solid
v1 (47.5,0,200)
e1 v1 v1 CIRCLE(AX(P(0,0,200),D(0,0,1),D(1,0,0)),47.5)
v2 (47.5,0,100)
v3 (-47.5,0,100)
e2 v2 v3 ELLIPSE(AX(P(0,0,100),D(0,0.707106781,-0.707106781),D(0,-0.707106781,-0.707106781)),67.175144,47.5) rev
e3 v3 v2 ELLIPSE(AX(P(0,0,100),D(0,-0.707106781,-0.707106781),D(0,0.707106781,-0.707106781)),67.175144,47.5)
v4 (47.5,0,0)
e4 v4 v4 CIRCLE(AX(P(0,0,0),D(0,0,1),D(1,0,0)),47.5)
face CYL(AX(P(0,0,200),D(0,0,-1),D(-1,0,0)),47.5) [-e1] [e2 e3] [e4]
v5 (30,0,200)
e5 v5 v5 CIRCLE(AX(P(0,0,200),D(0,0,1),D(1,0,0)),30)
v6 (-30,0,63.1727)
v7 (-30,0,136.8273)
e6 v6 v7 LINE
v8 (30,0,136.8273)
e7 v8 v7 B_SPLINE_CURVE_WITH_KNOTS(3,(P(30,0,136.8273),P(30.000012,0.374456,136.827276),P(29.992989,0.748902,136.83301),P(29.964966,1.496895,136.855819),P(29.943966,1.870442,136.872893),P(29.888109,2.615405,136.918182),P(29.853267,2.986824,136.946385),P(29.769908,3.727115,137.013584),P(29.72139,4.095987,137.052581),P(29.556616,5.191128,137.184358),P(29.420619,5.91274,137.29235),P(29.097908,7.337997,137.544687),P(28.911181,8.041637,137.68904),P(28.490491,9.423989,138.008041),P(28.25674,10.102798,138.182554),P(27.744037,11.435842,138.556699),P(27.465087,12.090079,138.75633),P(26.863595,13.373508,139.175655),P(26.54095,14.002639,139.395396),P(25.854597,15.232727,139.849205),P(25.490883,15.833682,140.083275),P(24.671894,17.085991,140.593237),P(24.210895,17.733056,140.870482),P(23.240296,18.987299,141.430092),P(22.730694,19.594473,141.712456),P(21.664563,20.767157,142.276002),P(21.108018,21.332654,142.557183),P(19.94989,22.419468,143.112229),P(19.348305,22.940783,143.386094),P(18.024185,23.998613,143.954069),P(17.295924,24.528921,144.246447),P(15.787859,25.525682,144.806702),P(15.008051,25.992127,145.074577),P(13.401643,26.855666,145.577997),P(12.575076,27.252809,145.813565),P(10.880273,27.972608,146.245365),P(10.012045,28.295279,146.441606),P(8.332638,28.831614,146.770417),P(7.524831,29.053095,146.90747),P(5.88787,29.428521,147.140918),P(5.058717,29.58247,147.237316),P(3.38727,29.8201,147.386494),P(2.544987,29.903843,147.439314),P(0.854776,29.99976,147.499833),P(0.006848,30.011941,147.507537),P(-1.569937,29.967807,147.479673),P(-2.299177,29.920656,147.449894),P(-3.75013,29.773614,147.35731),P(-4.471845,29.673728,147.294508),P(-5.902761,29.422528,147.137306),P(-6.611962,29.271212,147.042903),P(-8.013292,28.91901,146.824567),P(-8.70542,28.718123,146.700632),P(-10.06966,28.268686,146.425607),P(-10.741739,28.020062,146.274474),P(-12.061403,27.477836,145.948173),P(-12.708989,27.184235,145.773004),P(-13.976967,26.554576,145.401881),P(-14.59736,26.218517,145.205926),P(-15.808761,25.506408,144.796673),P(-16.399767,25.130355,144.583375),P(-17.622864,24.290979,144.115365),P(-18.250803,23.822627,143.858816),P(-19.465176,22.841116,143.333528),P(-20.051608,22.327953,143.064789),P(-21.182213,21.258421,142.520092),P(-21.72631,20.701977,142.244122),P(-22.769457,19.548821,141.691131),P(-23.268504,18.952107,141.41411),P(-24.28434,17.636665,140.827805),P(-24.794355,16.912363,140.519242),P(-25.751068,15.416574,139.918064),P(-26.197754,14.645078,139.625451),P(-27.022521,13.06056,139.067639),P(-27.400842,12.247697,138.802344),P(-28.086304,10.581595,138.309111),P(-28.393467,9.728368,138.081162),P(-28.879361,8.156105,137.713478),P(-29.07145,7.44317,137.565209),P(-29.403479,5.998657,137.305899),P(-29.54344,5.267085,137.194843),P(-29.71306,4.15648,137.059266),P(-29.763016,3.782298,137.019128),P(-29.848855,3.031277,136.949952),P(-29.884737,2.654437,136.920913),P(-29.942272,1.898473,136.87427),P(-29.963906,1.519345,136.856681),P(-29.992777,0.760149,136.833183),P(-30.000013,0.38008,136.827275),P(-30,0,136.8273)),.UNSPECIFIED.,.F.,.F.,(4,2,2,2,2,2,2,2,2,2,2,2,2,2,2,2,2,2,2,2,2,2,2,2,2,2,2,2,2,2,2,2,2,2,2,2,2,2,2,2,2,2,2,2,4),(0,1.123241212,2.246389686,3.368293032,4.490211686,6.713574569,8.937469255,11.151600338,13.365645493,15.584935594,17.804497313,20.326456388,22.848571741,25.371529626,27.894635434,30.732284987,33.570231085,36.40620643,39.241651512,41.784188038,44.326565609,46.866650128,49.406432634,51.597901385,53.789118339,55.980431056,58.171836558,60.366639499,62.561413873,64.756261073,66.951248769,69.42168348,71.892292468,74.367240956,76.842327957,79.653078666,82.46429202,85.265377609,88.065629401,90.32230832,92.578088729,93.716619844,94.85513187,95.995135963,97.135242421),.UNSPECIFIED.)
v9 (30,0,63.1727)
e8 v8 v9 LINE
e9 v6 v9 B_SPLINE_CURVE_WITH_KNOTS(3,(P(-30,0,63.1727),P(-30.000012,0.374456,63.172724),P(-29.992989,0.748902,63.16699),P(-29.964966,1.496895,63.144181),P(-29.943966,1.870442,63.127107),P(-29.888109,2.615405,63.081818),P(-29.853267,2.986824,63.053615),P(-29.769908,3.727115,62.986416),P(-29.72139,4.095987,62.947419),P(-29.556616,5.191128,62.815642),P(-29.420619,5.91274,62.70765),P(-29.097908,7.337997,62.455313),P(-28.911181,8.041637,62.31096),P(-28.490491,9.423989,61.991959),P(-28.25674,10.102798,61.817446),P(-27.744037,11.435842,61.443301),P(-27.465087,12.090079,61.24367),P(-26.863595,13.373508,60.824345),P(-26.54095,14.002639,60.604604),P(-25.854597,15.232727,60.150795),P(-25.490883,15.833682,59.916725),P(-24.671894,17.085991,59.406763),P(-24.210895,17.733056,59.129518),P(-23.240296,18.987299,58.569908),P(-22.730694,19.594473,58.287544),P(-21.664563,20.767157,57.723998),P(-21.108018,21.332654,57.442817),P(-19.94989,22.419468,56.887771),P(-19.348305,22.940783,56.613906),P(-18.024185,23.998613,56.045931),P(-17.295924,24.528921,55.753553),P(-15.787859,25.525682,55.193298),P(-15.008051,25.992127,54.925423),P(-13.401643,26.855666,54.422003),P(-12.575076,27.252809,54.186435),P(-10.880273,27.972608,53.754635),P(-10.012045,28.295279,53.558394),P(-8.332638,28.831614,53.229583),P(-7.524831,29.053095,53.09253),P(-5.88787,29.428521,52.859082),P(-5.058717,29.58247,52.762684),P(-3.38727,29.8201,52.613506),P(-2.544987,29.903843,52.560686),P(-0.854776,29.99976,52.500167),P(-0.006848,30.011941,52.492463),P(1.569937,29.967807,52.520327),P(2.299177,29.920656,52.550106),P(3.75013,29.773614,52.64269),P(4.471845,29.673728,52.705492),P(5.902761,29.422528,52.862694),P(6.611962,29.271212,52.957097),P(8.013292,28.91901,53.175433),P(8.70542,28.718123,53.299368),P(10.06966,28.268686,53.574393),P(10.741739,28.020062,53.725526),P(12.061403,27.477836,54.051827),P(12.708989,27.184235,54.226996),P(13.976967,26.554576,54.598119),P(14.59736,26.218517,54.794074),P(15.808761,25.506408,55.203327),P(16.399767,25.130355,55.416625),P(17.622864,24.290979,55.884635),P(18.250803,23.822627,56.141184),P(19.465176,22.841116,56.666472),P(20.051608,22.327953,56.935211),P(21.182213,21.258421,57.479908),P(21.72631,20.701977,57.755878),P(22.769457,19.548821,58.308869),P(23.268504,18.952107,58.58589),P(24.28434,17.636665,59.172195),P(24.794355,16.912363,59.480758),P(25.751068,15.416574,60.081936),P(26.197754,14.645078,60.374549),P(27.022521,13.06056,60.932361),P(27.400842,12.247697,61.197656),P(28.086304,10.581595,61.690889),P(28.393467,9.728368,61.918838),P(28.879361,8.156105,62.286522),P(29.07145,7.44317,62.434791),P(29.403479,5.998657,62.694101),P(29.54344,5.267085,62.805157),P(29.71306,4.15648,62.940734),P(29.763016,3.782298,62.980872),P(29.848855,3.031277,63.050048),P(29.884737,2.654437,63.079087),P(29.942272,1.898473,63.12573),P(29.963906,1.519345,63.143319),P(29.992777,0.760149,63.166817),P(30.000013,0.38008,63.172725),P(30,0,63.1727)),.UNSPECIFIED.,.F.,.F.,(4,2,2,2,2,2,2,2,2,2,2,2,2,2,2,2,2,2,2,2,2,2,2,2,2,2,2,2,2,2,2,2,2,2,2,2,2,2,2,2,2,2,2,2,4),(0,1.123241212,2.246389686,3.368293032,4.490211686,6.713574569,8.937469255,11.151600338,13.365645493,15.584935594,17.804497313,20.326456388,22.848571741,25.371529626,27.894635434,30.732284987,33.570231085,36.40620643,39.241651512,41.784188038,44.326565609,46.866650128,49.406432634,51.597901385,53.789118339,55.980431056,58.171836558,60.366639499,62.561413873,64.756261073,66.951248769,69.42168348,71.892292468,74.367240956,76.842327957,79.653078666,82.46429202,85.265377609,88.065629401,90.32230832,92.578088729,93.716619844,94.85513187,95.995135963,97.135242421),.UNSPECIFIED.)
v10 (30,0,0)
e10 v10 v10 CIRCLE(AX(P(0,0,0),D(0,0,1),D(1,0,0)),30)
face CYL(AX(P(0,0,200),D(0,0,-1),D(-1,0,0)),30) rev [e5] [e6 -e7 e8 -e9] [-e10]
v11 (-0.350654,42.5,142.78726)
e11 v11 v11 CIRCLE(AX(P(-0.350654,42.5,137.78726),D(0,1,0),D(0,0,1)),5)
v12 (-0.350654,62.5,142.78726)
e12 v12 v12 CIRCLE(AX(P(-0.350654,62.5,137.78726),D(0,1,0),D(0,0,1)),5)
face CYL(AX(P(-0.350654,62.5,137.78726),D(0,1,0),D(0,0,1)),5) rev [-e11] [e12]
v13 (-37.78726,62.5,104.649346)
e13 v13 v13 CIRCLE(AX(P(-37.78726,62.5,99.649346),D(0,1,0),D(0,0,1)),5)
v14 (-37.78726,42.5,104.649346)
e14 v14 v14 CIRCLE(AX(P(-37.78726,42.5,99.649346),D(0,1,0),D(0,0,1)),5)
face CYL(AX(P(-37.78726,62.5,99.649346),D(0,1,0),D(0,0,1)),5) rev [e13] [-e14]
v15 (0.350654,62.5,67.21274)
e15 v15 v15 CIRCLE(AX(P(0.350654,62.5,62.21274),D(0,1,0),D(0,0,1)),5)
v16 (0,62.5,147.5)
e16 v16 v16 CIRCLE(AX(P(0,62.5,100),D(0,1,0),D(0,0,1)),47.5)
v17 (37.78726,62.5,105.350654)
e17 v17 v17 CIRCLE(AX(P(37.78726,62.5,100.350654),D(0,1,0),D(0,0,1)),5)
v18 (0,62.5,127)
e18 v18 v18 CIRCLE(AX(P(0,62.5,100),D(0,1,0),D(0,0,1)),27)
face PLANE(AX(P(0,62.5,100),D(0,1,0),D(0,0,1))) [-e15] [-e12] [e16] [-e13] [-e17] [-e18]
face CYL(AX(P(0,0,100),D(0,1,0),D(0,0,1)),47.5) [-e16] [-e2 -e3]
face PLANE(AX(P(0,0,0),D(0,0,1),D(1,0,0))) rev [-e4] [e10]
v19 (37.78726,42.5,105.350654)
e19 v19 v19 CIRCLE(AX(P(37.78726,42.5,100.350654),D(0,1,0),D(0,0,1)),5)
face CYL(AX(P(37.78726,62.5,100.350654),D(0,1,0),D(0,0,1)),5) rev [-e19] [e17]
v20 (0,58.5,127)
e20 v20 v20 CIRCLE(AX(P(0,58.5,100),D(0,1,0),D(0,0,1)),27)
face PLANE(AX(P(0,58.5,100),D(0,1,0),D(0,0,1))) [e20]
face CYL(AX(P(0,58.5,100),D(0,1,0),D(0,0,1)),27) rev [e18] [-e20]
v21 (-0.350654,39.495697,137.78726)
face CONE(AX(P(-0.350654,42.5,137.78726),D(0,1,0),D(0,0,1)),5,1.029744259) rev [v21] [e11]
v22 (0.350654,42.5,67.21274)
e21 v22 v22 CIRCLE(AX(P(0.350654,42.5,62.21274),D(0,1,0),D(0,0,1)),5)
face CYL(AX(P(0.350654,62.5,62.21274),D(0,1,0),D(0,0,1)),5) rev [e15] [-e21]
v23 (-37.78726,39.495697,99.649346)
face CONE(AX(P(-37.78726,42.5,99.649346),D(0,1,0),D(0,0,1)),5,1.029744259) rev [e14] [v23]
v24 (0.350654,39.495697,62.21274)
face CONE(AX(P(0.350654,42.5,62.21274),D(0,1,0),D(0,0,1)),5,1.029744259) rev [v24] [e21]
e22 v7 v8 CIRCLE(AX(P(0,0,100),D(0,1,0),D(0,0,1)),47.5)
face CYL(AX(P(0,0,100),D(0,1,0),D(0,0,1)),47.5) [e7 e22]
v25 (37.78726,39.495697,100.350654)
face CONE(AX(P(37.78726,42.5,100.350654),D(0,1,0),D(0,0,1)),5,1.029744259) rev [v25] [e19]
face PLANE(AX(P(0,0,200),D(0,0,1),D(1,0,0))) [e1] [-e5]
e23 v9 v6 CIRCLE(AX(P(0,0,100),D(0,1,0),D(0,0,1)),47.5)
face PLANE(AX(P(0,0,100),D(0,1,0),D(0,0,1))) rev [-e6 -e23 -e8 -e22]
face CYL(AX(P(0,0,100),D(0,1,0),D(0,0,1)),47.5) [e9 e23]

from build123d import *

# Parameters (mm, degrees)
SKETCH1_R           = 47.5
SKETCH1_R_2         = 30
BOSS_EXTRUDE1_DEPTH = 200
SKETCH2_R           = 47.5
BOSS_EXTRUDE2_DEPTH = 62.5
SKETCH3_R           = 27
CUT_EXTRUDE1_DEPTH  = 4
CIRPATTERN1_COUNT   = 4


with BuildPart() as part:
    # Sketch1 → Boss-Extrude1 (new body)
    with BuildSketch(Plane.XY):
        Circle(SKETCH1_R)
        Circle(SKETCH1_R_2, mode=Mode.SUBTRACT)
    extrude(amount=BOSS_EXTRUDE1_DEPTH)

    # Sketch2 → Boss-Extrude2 (add)
    with BuildSketch(Plane(origin=(0, 62.5, 0), x_dir=(1, 0, 0), z_dir=(0, 1, 0))):
        with Locations(Location((0, -100, 0), (0, 0, 270))):
            Circle(SKETCH2_R)
    extrude(amount=-BOSS_EXTRUDE2_DEPTH)

    # Sketch3 → Cut-Extrude1 (cut)
    with BuildSketch(Plane(origin=(0, 62.5, 0), x_dir=(1, 0, 0), z_dir=(0, 1, 0))):
        with Locations(Location((0, -100, 0), (0, 0, 270))):
            Circle(SKETCH3_R)
    extrude(amount=-CUT_EXTRUDE1_DEPTH, mode=Mode.SUBTRACT)

    # Sketch6 → Ø1.0mm Dowel Hole1 (revolve, cut)
    with BuildSketch(Plane(origin=(0.350654227, 62.5, 62.212739692), x_dir=(0, 0, 1), z_dir=(1, 0, 0))):
        Polygon((0, 0), (0, 23.004303095), (5, 20), (5, 0), align=None)
    f_1_0mm_dowel_hole1 = revolve(axis=Axis((0.350654227, 68.85, 62.212739692), (0, -1, 0)), mode=Mode.SUBTRACT)

    # CirPattern1: Ø1.0mm Dowel Hole1 ×4 about axis
    cirpattern1_axis = Axis((0, 0, 100), (0, 1, 0))
    for i in range(1, CIRPATTERN1_COUNT):
        add(f_1_0mm_dowel_hole1.rotate(cirpattern1_axis, i * 360 / CIRPATTERN1_COUNT), mode=Mode.SUBTRACT)


solid = part.part
